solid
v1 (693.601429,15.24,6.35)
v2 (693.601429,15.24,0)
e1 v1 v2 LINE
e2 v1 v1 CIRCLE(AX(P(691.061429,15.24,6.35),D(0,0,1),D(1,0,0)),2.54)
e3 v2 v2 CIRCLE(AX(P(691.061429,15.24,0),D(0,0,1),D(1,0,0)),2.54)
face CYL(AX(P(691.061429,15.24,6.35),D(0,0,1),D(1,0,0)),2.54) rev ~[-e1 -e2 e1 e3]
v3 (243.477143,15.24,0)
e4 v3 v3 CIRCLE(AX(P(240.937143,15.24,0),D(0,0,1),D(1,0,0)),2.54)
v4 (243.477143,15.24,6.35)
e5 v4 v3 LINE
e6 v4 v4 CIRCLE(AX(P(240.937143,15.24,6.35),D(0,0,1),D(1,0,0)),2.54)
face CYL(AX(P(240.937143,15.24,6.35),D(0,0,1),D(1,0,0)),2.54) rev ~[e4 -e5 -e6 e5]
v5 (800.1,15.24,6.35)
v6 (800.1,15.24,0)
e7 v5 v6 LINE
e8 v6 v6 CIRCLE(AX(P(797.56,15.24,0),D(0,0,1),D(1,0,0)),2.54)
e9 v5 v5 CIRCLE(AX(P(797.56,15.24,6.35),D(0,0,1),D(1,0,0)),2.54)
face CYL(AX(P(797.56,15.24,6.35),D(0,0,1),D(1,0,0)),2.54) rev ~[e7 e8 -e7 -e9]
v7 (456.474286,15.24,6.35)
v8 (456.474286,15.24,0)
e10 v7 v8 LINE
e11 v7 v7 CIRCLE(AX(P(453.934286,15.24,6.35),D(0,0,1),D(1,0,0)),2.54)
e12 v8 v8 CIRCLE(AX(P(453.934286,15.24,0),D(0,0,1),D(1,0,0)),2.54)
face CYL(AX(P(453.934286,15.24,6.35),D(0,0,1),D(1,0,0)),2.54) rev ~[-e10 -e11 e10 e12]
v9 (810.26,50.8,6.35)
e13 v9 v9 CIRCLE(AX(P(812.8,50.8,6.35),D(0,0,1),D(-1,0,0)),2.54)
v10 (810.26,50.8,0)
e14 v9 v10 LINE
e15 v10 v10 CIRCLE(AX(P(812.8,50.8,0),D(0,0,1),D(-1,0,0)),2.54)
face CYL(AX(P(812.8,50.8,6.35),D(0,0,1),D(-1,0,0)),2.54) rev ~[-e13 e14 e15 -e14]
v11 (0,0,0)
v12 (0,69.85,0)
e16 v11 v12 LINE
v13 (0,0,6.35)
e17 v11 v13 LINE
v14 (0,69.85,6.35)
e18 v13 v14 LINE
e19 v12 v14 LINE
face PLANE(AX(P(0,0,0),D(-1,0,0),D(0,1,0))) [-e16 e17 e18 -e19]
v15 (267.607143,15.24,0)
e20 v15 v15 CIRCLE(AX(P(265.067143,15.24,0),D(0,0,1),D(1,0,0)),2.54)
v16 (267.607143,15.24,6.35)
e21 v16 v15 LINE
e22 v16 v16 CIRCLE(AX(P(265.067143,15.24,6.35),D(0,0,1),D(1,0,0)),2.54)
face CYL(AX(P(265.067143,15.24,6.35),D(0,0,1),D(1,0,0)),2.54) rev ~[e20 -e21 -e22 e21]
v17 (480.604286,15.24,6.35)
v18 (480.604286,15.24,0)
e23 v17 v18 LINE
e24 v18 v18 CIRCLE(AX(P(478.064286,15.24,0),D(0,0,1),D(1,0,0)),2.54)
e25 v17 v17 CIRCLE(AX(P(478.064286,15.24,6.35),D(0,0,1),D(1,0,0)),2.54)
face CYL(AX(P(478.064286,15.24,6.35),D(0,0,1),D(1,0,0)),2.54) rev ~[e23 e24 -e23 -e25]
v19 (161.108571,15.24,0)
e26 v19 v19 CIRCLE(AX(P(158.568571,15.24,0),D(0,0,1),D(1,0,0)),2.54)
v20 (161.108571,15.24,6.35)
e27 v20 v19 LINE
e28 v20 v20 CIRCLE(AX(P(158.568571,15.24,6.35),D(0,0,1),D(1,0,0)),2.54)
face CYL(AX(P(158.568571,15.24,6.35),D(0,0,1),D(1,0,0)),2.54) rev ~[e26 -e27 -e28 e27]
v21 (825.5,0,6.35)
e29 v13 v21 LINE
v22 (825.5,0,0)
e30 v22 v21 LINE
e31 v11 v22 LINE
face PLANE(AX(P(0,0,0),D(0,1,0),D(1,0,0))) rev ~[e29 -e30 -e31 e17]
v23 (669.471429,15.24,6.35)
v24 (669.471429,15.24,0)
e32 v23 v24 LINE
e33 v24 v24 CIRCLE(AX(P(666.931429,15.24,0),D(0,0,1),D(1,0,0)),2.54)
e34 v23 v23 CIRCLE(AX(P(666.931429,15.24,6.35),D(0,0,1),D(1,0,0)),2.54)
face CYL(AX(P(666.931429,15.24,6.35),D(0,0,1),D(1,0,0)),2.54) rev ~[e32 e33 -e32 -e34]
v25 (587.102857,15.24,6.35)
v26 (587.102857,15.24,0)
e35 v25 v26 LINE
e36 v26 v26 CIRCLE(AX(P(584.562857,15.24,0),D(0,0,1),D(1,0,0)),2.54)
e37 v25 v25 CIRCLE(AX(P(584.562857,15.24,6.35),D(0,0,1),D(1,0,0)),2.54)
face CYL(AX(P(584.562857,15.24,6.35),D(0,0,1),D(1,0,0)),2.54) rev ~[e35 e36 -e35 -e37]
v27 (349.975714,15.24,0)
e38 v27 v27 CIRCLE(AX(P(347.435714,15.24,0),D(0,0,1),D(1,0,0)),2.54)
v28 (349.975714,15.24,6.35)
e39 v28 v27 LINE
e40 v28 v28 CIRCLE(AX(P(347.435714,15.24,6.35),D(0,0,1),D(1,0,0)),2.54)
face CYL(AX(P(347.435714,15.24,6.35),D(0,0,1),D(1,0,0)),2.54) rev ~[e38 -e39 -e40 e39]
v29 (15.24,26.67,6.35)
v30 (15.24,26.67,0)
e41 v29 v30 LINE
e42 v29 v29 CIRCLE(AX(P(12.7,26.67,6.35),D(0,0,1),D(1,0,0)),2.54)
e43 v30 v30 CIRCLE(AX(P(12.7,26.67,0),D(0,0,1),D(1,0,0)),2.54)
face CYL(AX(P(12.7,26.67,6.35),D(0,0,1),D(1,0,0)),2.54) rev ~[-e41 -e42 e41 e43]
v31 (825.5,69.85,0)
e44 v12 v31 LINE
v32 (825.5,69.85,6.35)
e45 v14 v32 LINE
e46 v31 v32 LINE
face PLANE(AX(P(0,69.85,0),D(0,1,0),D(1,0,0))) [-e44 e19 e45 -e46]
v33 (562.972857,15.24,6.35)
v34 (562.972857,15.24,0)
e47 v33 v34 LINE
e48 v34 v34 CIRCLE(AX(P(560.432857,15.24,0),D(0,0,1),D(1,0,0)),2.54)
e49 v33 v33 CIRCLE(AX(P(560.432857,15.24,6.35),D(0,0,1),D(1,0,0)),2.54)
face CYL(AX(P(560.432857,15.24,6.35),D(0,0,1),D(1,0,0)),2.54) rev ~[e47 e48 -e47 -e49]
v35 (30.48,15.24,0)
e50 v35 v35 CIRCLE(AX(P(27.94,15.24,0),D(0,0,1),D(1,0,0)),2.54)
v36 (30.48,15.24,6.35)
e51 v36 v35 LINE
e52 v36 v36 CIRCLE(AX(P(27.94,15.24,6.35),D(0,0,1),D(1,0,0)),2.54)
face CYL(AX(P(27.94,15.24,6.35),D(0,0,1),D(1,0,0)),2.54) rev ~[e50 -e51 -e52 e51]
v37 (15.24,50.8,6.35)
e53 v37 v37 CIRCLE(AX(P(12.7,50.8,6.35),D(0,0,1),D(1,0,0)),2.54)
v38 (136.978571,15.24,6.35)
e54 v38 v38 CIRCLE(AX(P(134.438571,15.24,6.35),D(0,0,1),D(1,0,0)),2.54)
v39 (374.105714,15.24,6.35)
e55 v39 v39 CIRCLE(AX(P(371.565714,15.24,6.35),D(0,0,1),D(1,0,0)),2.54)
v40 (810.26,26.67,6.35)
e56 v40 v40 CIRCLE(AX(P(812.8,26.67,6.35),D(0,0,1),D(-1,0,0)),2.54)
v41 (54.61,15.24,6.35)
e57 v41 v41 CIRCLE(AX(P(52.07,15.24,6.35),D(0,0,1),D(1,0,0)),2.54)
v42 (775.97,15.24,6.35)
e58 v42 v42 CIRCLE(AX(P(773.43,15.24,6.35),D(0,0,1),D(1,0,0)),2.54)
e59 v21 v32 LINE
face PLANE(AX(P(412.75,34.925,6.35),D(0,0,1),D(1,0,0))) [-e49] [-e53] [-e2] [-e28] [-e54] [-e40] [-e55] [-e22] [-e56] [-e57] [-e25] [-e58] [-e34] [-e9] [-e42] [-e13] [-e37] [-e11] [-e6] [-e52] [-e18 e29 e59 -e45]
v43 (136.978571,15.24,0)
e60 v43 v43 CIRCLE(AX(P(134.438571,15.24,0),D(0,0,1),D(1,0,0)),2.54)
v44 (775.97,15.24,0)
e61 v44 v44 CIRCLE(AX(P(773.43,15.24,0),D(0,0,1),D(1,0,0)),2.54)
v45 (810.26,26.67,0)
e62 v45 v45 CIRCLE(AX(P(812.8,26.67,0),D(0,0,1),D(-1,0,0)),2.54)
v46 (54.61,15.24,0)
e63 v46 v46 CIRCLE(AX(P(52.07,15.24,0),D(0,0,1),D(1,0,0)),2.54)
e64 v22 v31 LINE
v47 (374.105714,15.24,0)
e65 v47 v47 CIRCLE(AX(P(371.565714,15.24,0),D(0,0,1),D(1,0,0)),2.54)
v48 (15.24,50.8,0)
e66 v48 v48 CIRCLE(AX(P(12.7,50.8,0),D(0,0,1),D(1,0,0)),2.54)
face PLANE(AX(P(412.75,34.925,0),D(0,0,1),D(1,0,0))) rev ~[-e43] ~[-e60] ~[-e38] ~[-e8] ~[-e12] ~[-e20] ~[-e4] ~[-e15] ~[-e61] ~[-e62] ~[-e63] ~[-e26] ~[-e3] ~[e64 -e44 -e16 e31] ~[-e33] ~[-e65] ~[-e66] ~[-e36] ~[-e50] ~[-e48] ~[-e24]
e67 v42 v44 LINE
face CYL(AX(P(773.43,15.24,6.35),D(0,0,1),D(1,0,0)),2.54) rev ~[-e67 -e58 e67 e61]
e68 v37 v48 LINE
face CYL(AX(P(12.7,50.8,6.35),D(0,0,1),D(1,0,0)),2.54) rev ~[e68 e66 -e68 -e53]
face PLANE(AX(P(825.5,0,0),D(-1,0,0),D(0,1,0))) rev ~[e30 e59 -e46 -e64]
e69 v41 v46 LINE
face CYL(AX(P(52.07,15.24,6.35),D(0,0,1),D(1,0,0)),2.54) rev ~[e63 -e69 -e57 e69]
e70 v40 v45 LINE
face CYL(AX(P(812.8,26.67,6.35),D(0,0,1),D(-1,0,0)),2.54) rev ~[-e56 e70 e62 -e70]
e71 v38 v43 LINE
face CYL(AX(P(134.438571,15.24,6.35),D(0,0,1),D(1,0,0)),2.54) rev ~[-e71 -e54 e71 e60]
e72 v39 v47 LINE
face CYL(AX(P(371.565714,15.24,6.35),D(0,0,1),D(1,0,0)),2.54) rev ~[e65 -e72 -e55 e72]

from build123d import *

# Parameters (mm, degrees)
SKETCH1_W           = 825.5
SKETCH1_H           = 69.85
BOSS_EXTRUDE1_DEPTH = 6.35
SKETCH2_R           = 2.54
CUT_EXTRUDE1_DEPTH  = 6.35
SKETCH3_R           = 2.54
CUT_EXTRUDE2_DEPTH  = 6.35
LPATTERN2_COUNT     = 8
LPATTERN2_PITCH     = 106.498571429


with BuildPart() as part:
    # Sketch1 → Boss-Extrude1 (new body)
    with BuildSketch(Plane.XY):
        with Locations((412.75, 34.925)):
            Rectangle(SKETCH1_W, SKETCH1_H)
    extrude(amount=BOSS_EXTRUDE1_DEPTH)

    # Sketch2 → Cut-Extrude1 (cut)
    with BuildSketch(Plane.XY.offset(6.35)):
        with Locations((27.94, 15.24)):
            Circle(SKETCH2_R)
        with Locations((52.07, 15.24)):
            Circle(SKETCH2_R)
    cut_extrude1 = extrude(amount=-CUT_EXTRUDE1_DEPTH, mode=Mode.SUBTRACT)

    # Sketch3 → Cut-Extrude2 (cut)
    with BuildSketch(Plane.XY.offset(6.35)):
        with Locations((12.7, 26.67)):
            Circle(SKETCH3_R)
        with Locations((12.7, 50.8)):
            Circle(SKETCH3_R)
        with Locations(Location((812.8, 26.67, 0), (0, 0, 180))):
            Circle(SKETCH3_R)
        with Locations(Location((812.8, 50.8, 0), (0, 0, 180))):
            Circle(SKETCH3_R)
    extrude(amount=-CUT_EXTRUDE2_DEPTH, mode=Mode.SUBTRACT)

    # LPattern2: Cut-Extrude1 ×8
    with Locations(*[(i * LPATTERN2_PITCH, 0, 0) for i in range(1, LPATTERN2_COUNT)]):
        add(cut_extrude1, mode=Mode.SUBTRACT)


solid = part.part
